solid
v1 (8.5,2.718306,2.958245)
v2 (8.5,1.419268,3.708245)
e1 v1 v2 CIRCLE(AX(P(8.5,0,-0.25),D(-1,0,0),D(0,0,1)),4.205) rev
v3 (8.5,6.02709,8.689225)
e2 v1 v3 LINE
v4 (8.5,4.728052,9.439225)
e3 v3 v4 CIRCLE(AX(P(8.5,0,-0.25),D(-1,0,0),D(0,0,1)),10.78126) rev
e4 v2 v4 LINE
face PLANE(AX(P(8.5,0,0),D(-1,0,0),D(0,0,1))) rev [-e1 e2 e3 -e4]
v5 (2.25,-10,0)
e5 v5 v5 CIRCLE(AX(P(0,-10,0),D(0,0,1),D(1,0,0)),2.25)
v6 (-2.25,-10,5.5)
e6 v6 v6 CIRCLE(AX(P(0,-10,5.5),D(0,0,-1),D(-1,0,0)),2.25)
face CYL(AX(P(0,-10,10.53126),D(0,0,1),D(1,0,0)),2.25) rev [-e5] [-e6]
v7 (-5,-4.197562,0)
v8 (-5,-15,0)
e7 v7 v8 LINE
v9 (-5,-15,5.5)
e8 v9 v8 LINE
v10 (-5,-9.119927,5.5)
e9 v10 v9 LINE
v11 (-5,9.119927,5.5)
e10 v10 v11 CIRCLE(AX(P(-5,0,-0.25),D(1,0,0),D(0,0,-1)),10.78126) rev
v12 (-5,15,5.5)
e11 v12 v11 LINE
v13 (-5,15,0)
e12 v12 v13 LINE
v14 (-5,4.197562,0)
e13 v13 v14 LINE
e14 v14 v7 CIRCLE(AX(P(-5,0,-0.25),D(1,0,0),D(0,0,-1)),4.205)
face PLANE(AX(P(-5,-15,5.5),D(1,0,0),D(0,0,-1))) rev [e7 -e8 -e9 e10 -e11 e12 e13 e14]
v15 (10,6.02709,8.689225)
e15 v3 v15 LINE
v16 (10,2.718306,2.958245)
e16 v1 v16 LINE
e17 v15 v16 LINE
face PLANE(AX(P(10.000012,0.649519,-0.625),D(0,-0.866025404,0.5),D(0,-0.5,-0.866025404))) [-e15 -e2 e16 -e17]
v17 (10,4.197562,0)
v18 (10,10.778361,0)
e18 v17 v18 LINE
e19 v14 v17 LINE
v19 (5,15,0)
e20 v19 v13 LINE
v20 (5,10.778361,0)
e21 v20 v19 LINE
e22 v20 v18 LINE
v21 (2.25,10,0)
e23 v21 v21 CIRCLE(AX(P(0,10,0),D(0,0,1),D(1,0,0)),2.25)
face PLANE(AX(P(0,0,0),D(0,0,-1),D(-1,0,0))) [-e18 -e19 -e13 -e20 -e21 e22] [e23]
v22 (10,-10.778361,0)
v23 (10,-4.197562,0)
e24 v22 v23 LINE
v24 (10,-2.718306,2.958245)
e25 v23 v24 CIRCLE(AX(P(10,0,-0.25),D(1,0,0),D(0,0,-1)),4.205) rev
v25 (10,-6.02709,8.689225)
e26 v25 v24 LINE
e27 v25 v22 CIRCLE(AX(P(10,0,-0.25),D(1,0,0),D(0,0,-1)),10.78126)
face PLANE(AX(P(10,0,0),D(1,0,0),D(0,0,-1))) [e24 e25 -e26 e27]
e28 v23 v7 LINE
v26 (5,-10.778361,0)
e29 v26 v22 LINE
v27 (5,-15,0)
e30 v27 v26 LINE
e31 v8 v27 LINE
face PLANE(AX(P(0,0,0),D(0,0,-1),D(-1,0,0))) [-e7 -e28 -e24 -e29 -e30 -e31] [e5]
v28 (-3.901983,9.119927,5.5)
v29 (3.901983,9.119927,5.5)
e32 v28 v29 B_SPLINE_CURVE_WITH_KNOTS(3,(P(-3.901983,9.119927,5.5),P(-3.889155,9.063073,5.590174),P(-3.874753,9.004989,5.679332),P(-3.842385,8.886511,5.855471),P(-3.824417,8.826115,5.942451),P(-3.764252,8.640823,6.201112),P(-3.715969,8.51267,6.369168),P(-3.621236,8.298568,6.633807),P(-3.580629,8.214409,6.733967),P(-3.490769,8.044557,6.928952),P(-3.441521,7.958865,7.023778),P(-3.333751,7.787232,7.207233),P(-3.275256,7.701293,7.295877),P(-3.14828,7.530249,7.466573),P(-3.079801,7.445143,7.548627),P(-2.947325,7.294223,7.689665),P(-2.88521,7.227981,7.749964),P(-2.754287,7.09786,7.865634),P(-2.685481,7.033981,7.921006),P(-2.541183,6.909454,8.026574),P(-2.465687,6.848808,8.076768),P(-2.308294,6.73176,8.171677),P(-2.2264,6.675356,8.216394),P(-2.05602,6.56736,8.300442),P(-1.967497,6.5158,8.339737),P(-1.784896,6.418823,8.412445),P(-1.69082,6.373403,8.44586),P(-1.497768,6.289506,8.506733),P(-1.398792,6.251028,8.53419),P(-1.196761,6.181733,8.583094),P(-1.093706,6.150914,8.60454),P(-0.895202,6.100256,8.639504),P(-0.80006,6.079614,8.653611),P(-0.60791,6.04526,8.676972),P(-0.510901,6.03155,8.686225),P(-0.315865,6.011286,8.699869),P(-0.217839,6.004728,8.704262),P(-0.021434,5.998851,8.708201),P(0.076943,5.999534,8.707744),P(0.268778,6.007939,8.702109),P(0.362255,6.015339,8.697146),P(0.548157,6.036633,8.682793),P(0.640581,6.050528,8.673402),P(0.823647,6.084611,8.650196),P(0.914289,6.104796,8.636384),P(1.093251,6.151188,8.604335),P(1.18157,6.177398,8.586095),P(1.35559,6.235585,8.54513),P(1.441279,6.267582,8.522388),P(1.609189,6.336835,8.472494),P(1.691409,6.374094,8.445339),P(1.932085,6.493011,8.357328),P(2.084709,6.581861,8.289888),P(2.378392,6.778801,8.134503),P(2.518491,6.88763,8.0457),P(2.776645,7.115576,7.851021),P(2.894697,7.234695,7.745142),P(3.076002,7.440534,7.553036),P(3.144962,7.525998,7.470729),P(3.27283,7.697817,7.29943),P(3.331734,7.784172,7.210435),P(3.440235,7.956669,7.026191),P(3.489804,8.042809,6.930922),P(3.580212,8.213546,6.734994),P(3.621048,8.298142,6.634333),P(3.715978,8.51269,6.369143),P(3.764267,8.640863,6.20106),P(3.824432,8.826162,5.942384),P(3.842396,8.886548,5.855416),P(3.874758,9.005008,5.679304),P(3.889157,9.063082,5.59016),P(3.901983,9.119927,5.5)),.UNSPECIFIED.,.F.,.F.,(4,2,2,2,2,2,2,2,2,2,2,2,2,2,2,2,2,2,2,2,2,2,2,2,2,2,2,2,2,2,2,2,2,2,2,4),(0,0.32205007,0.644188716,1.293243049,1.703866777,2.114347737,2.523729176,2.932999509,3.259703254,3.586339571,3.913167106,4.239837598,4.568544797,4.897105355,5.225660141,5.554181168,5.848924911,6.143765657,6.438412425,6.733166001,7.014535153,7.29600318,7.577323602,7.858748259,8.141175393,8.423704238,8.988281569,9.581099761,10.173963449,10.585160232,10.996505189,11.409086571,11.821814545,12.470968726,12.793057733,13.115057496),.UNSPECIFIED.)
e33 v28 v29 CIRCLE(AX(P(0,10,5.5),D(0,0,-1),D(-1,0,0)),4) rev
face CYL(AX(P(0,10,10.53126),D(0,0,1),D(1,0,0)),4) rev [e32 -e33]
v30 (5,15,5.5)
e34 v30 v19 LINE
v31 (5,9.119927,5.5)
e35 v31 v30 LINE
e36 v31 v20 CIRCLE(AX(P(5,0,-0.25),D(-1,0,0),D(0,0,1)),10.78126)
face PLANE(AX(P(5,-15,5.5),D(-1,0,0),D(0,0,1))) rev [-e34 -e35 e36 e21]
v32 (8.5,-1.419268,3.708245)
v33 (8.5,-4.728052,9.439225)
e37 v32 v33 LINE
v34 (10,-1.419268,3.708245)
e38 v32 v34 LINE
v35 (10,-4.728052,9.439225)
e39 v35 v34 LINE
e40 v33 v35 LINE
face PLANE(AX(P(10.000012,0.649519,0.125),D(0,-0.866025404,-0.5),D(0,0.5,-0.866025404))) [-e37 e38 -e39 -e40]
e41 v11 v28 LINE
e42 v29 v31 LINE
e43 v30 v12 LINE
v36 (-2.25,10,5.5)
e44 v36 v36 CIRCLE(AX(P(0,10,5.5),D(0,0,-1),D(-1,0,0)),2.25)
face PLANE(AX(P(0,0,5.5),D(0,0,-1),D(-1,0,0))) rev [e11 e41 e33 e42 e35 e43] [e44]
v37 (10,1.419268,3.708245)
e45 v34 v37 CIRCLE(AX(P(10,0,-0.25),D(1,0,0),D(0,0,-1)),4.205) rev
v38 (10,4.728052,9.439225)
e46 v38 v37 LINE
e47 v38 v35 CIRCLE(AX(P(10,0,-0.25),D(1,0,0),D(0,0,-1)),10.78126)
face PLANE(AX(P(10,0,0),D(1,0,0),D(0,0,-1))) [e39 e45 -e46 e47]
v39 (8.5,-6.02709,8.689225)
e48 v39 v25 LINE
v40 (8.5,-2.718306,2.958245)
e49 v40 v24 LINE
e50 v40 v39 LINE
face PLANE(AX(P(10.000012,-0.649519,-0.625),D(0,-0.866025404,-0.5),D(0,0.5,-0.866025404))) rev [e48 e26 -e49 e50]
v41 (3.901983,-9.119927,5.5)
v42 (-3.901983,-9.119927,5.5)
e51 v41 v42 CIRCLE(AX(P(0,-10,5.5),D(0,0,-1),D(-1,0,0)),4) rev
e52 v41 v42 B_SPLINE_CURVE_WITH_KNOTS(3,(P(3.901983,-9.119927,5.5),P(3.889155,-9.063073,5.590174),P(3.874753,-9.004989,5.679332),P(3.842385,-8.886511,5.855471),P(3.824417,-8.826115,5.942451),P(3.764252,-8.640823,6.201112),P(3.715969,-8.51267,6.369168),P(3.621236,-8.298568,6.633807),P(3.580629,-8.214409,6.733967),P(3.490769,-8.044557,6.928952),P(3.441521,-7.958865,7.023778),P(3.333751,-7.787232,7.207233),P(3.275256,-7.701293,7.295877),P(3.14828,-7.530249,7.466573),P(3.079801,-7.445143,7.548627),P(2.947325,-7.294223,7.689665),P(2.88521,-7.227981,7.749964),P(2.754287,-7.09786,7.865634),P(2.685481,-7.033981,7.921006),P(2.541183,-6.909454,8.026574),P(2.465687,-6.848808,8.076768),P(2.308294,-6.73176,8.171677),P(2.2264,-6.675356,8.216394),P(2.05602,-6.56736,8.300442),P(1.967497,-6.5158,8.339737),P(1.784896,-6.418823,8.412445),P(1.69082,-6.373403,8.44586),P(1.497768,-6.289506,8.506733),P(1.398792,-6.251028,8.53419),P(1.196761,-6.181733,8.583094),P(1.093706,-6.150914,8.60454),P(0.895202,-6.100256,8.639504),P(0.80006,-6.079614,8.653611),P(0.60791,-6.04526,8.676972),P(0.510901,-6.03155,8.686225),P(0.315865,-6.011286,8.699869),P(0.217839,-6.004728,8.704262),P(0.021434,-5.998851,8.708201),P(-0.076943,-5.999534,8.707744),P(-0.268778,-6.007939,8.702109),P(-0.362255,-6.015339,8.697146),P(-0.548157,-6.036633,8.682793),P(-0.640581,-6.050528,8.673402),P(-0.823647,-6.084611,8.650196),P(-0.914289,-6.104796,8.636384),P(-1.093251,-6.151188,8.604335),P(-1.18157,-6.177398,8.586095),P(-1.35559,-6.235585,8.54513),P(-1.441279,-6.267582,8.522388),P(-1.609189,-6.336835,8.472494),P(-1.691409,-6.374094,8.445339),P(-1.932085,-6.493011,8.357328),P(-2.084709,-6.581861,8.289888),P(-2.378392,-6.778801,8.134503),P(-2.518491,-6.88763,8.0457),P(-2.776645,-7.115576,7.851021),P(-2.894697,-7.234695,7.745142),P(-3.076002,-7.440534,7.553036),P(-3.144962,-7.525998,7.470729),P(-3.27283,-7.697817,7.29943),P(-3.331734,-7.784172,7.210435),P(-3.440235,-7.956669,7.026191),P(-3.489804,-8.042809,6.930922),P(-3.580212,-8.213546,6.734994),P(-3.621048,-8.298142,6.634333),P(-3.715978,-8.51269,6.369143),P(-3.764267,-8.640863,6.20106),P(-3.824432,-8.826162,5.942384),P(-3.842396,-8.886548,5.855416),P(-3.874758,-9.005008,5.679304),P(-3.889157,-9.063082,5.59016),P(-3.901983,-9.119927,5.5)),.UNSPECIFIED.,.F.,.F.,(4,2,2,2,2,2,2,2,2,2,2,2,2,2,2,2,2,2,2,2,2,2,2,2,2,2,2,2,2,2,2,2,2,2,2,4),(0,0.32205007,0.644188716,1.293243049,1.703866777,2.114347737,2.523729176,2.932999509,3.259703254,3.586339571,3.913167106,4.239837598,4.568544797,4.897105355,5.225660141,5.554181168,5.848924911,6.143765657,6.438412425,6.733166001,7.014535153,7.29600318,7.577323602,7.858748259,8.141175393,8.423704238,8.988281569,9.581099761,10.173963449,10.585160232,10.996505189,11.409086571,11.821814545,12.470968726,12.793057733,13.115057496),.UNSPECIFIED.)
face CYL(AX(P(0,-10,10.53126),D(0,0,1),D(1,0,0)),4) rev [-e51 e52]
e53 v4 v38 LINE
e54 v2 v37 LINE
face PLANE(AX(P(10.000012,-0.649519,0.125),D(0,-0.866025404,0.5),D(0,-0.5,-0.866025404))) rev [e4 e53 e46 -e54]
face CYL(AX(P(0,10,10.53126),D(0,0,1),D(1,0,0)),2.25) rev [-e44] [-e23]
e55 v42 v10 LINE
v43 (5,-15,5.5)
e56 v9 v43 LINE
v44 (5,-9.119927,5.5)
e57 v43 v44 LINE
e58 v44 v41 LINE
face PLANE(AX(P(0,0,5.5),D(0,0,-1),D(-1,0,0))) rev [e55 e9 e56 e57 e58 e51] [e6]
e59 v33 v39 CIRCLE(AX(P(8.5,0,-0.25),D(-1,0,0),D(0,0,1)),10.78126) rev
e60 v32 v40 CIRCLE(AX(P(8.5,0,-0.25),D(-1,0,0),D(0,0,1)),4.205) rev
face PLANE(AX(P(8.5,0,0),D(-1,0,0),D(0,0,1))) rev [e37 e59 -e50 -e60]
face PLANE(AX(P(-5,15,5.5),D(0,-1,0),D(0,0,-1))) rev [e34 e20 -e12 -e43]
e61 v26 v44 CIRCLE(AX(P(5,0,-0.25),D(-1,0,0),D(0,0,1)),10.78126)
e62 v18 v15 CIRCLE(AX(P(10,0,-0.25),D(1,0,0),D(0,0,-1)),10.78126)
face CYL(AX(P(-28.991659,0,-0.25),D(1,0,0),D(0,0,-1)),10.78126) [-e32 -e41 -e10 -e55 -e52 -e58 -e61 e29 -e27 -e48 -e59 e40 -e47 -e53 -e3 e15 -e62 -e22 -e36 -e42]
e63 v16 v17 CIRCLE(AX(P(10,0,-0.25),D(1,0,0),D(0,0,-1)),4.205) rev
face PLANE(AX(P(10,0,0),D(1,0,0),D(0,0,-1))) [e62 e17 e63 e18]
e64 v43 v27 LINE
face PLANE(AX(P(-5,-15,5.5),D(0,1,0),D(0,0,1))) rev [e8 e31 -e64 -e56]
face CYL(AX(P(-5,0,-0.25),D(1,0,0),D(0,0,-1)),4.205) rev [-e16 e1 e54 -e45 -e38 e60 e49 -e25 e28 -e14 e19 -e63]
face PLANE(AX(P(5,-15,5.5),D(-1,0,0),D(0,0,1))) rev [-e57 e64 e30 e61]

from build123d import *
from build123d.topology import SkipClean

# Parameters (mm, degrees)
SKETCH1_W                      = 10
SKETCH1_H                      = 30
BOSS_EXTRUDE1_DEPTH            = 5.5
SKETCH2_R                      = 4.205
CUT_EXTRUDE1_DEPTH             = 19.848077
BOSS_EXTRUDE2_START            = -10
BOSS_EXTRUDE2_DEPTH            = 15
CUT_EXTRUDE_THIN1_DEPTH        = 24.683484
CUT_EXTRUDE_THIN1_DEPTH_BACK   = 1.5
CUT_EXTRUDE_THIN2_DEPTH        = 24.683484
CUT_EXTRUDE_THIN2_DEPTH_BACK   = 1.5
CBORE_FOR_M4_SHCS1_D           = 4.5
CBORE_FOR_M4_SHCS1_CBORE_D     = 8
CBORE_FOR_M4_SHCS1_CBORE_DEPTH = 4
SKETCH22_R                     = 4
CUT_EXTRUDE2_DEPTH             = 1.03126


with BuildPart() as part:
    # Sketch1 → Boss-Extrude1 (new body)
    with BuildSketch(Plane.XY):
        Rectangle(SKETCH1_W, SKETCH1_H)
    extrude(amount=BOSS_EXTRUDE1_DEPTH)

    # Sketch2 → Cut-Extrude1 (cut, through all)
    with BuildSketch(Plane(origin=(5, 0, 0), x_dir=(0, 0, -1), z_dir=(1, 0, 0))):
        with Locations((0.25, 0)):
            Circle(SKETCH2_R)
    extrude(amount=-CUT_EXTRUDE1_DEPTH, mode=Mode.SUBTRACT)

    # Sketch9 → Boss-Extrude2 (add)
    with SkipClean():  # the faces are left unmerged after this step: merging them gives an invalid solid
        with BuildSketch(Plane(origin=(5, 0, 0), x_dir=(0, 0, -1), z_dir=(1, 0, 0)).offset(BOSS_EXTRUDE2_START)):
            with BuildLine():
                ThreePointArc((-5.5, -9.119927), (-2.862491, -10.322207), (0, -10.778361))
                Line((0, -10.778361), (0, -4.197562))
                ThreePointArc((0, -4.197562), (-3.955, 0), (0, 4.197562))
                Line((0, 4.197562), (0, 10.778361))
                ThreePointArc((0, 10.778361), (-2.862491, 10.322207), (-5.5, 9.119927))
                Line((-5.5, 9.119927), (-5.5, -9.119927))
            make_face()
            with BuildLine():
                ThreePointArc((-5.5, 9.119927), (-10.53126, 0), (-5.5, -9.119927))
                Line((-5.5, -9.119927), (-5.5, 9.119927))
            make_face()
        extrude(amount=BOSS_EXTRUDE2_DEPTH)

    # Sketch12 → Cut-Extrude-Thin1 (cut, two sides: drawn at the far end of the back side and taken through both)
    with SkipClean():  # the faces are left unmerged after this step: merging them gives an invalid solid
        with BuildSketch(Plane(origin=(10, 0, 0), x_dir=(0, 0, -1), z_dir=(1, 0, 0)).offset(-CUT_EXTRUDE_THIN1_DEPTH_BACK)):
            Polygon((-0.125, 0.649519), (-9.461845, -4.741111), (-8.711845, -6.040149), (0.625, -0.649519), align=None)
        extrude(amount=CUT_EXTRUDE_THIN1_DEPTH + CUT_EXTRUDE_THIN1_DEPTH_BACK, mode=Mode.SUBTRACT)

    # Sketch21 → Cut-Extrude-Thin2 (cut, two sides: drawn at the far end of the back side and taken through both)
    with SkipClean():  # the faces are left unmerged after this step: merging them gives an invalid solid
        with BuildSketch(Plane(origin=(10, 0, 0), x_dir=(0, 0, -1), z_dir=(1, 0, 0)).offset(-CUT_EXTRUDE_THIN2_DEPTH_BACK)):
            Polygon((0.625, 0.649519), (-8.711845, 6.040149), (-9.461845, 4.741111), (-0.125, -0.649519), align=None)
        extrude(amount=CUT_EXTRUDE_THIN2_DEPTH + CUT_EXTRUDE_THIN2_DEPTH_BACK, mode=Mode.SUBTRACT)

    # CBORE for M4 SHCS1 (through all)
    with Locations(Plane.XY.offset(10.53126)):
        with Locations((0, 10), (0, -10)):
            CounterBoreHole(CBORE_FOR_M4_SHCS1_D / 2, CBORE_FOR_M4_SHCS1_CBORE_D / 2, CBORE_FOR_M4_SHCS1_CBORE_DEPTH)

    # Sketch22 → Cut-Extrude2 (cut)
    with SkipClean():  # the faces are left unmerged after this step: merging them gives an invalid solid
        with BuildSketch(Plane.XY.offset(6.53126)):
            with Locations((0, 10)):
                Circle(SKETCH22_R)
            with Locations((0, -10)):
                Circle(SKETCH22_R)
        extrude(amount=-CUT_EXTRUDE2_DEPTH, mode=Mode.SUBTRACT)


solid = part.part
